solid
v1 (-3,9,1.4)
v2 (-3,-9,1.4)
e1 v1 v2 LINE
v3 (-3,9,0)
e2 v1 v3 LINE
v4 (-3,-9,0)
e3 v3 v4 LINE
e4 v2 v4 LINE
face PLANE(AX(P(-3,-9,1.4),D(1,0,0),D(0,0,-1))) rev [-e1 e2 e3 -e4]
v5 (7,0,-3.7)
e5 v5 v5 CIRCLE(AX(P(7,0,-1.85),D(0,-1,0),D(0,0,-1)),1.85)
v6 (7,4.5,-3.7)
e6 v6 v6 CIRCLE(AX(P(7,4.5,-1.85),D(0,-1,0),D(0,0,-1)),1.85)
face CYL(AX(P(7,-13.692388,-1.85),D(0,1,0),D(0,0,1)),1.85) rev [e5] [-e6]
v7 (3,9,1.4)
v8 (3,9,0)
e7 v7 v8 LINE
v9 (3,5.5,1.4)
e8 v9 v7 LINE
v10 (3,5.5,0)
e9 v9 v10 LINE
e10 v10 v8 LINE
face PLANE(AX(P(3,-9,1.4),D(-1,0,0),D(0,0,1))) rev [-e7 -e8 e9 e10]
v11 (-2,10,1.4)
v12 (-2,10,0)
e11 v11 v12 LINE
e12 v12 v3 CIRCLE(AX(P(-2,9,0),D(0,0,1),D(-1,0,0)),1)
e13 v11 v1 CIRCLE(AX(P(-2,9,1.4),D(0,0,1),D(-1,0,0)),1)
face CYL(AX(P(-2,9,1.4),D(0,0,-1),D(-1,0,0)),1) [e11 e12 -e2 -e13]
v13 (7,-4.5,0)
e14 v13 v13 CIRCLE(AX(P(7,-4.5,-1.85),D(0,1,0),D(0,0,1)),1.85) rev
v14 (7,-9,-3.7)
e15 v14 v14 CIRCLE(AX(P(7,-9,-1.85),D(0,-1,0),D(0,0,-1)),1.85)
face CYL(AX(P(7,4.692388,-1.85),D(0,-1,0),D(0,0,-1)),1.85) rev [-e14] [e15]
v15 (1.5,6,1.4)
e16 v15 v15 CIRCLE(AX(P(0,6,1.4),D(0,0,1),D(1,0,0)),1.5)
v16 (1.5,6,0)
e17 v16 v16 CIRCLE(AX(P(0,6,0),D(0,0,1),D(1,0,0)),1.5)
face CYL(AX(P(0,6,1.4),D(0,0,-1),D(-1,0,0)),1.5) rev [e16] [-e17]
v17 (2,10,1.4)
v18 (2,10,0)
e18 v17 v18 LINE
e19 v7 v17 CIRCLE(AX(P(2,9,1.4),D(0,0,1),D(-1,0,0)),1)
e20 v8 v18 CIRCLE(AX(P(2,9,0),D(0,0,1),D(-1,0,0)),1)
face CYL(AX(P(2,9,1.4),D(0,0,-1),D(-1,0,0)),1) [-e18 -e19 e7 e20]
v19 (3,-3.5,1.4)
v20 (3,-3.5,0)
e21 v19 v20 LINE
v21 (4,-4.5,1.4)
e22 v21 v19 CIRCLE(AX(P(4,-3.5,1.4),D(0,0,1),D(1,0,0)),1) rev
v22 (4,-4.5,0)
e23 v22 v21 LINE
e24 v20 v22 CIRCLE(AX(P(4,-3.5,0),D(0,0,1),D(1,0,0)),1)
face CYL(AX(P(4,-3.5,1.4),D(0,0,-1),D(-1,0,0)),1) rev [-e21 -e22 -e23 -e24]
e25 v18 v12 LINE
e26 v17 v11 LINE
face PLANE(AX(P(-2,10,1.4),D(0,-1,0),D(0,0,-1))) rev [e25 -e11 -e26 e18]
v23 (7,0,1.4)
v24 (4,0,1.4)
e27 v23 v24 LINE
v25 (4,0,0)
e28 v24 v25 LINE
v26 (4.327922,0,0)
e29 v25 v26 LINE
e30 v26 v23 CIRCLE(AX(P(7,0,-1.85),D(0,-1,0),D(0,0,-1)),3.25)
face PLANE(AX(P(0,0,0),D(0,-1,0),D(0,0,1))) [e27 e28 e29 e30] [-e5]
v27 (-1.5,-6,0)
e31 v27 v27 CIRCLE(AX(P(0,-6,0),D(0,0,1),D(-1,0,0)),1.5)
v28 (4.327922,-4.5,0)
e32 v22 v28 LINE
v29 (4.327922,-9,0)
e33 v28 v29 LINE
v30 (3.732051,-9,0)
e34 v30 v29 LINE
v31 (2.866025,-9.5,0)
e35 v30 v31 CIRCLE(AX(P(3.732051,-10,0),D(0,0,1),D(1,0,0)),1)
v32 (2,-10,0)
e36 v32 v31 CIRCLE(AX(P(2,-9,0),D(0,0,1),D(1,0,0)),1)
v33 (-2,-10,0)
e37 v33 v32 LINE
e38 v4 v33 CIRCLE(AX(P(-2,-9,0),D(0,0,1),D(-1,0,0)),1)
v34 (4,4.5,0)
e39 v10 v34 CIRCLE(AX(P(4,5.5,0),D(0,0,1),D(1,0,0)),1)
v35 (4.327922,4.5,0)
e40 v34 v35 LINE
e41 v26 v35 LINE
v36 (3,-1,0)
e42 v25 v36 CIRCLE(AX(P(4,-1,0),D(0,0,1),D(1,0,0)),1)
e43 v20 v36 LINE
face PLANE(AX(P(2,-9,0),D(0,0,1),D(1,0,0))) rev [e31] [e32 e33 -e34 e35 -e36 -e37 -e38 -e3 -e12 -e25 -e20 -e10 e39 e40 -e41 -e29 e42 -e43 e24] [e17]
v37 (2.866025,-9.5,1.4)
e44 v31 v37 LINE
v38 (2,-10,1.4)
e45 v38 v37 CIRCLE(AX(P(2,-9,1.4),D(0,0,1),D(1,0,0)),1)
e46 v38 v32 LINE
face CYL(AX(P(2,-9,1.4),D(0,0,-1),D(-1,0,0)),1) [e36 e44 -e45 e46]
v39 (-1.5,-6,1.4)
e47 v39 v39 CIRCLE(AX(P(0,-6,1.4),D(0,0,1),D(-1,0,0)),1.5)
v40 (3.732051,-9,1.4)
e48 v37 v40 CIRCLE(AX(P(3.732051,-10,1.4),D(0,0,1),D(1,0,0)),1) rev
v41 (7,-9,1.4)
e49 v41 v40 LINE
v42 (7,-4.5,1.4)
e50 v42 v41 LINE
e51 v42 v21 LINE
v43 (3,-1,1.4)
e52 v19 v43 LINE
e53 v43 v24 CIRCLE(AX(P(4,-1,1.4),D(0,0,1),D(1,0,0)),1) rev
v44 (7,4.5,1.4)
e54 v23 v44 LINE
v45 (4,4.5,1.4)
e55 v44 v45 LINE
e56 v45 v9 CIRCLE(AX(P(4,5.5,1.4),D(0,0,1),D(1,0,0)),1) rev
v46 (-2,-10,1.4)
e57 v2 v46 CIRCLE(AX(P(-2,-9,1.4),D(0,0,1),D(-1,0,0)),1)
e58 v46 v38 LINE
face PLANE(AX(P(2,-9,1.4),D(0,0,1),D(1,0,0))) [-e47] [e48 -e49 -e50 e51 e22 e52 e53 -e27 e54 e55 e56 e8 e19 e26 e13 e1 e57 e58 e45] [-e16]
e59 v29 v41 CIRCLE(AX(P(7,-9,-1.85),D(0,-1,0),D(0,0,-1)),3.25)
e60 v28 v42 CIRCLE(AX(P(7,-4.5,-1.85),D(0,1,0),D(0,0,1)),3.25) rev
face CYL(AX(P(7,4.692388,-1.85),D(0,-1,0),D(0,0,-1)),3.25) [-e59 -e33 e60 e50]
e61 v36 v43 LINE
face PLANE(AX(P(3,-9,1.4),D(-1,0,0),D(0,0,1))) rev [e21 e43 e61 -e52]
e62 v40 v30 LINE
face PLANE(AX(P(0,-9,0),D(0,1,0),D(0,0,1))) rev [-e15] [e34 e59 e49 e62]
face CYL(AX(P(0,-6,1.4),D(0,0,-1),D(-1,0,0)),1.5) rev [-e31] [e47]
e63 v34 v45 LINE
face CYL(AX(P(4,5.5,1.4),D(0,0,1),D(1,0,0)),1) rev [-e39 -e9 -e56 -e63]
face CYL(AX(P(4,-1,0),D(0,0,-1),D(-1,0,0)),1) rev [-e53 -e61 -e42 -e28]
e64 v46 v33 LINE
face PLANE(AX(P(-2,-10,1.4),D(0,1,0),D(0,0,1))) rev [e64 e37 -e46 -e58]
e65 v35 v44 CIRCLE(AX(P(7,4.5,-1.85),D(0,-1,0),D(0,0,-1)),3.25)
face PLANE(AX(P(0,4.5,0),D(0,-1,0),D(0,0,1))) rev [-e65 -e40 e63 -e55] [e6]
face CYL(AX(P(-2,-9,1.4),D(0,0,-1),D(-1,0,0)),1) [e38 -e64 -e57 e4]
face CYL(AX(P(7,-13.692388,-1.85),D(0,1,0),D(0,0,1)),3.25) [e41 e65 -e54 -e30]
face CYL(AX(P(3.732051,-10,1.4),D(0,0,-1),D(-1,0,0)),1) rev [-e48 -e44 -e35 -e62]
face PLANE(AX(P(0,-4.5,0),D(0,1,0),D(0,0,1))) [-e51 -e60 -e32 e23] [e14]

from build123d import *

# Parameters (mm, degrees)
SKETCH_1_R      = 1.5
EXTRUDE_1_DEPTH = 1.4
SKETCH_4_W      = 4
SKETCH_4_H      = 1.4
EXTRUDE_2_DEPTH = 4.5
SKETCH_5_R      = 3.25
SKETCH_5_R_2    = 1.85
EXTRUDE_3_DEPTH = 4.5
FILLET_1_R      = 1


with BuildPart() as part:
    # 草图1 → 凸台-拉伸1 (new body)
    with BuildSketch(Plane.XY):
        with BuildLine():
            Line((-2, -10), (2, -10))
            ThreePointArc((2, -10), (2.707106781, -9.707106781), (3, -9))
            Line((3, -9), (3, 9))
            ThreePointArc((3, 9), (2.707106781, 9.707106781), (2, 10))
            Line((2, 10), (-2, 10))
            ThreePointArc((-2, 10), (-2.707106781, 9.707106781), (-3, 9))
            Line((-3, 9), (-3, -9))
            ThreePointArc((-3, -9), (-2.707106781, -9.707106781), (-2, -10))
        make_face()
        with Locations((0, 6)):
            Circle(SKETCH_1_R, mode=Mode.SUBTRACT)
        with Locations(Location((0, -6, 0), (0, 0, 180))):
            Circle(SKETCH_1_R, mode=Mode.SUBTRACT)
    extrude(amount=EXTRUDE_1_DEPTH)

    # 草图4 → 凸台-拉伸2 (add)
    with BuildSketch(Plane(origin=(0, -9, 0), x_dir=(-1, 0, 0), z_dir=(0, -1, 0))):
        with Locations((-5, -0.7)):
            Rectangle(SKETCH_4_W, SKETCH_4_H)
    extrude_2 = extrude(amount=-EXTRUDE_2_DEPTH)

    # 草图5 → 凸台-拉伸3 (add)
    with BuildSketch(Plane.XZ.offset(9)):
        with Locations((7, -1.85)):
            Circle(SKETCH_5_R)
        with Locations(Location((7, -1.85, 0), (0, 0, 270))):
            Circle(SKETCH_5_R_2, mode=Mode.SUBTRACT)
    extrude_3 = extrude(amount=-EXTRUDE_3_DEPTH)

    # 镜向1: 凸台-拉伸2, 凸台-拉伸3 across plane
    add(extrude_2.mirror(Plane.ZX.offset(-2.25)))
    add(extrude_3.mirror(Plane.ZX.offset(-2.25)))

    # 圆角1
    fillet_1_edges = [part.edges().sort_by_distance(p)[0] for p in [
        (3, -9, 0.7),
        (3, -4.5, 0.7),
        (3, 4.5, 0.7),
        (3, 0, 0.7),
    ]]
    fillet(fillet_1_edges, radius=FILLET_1_R)


solid = part.part
